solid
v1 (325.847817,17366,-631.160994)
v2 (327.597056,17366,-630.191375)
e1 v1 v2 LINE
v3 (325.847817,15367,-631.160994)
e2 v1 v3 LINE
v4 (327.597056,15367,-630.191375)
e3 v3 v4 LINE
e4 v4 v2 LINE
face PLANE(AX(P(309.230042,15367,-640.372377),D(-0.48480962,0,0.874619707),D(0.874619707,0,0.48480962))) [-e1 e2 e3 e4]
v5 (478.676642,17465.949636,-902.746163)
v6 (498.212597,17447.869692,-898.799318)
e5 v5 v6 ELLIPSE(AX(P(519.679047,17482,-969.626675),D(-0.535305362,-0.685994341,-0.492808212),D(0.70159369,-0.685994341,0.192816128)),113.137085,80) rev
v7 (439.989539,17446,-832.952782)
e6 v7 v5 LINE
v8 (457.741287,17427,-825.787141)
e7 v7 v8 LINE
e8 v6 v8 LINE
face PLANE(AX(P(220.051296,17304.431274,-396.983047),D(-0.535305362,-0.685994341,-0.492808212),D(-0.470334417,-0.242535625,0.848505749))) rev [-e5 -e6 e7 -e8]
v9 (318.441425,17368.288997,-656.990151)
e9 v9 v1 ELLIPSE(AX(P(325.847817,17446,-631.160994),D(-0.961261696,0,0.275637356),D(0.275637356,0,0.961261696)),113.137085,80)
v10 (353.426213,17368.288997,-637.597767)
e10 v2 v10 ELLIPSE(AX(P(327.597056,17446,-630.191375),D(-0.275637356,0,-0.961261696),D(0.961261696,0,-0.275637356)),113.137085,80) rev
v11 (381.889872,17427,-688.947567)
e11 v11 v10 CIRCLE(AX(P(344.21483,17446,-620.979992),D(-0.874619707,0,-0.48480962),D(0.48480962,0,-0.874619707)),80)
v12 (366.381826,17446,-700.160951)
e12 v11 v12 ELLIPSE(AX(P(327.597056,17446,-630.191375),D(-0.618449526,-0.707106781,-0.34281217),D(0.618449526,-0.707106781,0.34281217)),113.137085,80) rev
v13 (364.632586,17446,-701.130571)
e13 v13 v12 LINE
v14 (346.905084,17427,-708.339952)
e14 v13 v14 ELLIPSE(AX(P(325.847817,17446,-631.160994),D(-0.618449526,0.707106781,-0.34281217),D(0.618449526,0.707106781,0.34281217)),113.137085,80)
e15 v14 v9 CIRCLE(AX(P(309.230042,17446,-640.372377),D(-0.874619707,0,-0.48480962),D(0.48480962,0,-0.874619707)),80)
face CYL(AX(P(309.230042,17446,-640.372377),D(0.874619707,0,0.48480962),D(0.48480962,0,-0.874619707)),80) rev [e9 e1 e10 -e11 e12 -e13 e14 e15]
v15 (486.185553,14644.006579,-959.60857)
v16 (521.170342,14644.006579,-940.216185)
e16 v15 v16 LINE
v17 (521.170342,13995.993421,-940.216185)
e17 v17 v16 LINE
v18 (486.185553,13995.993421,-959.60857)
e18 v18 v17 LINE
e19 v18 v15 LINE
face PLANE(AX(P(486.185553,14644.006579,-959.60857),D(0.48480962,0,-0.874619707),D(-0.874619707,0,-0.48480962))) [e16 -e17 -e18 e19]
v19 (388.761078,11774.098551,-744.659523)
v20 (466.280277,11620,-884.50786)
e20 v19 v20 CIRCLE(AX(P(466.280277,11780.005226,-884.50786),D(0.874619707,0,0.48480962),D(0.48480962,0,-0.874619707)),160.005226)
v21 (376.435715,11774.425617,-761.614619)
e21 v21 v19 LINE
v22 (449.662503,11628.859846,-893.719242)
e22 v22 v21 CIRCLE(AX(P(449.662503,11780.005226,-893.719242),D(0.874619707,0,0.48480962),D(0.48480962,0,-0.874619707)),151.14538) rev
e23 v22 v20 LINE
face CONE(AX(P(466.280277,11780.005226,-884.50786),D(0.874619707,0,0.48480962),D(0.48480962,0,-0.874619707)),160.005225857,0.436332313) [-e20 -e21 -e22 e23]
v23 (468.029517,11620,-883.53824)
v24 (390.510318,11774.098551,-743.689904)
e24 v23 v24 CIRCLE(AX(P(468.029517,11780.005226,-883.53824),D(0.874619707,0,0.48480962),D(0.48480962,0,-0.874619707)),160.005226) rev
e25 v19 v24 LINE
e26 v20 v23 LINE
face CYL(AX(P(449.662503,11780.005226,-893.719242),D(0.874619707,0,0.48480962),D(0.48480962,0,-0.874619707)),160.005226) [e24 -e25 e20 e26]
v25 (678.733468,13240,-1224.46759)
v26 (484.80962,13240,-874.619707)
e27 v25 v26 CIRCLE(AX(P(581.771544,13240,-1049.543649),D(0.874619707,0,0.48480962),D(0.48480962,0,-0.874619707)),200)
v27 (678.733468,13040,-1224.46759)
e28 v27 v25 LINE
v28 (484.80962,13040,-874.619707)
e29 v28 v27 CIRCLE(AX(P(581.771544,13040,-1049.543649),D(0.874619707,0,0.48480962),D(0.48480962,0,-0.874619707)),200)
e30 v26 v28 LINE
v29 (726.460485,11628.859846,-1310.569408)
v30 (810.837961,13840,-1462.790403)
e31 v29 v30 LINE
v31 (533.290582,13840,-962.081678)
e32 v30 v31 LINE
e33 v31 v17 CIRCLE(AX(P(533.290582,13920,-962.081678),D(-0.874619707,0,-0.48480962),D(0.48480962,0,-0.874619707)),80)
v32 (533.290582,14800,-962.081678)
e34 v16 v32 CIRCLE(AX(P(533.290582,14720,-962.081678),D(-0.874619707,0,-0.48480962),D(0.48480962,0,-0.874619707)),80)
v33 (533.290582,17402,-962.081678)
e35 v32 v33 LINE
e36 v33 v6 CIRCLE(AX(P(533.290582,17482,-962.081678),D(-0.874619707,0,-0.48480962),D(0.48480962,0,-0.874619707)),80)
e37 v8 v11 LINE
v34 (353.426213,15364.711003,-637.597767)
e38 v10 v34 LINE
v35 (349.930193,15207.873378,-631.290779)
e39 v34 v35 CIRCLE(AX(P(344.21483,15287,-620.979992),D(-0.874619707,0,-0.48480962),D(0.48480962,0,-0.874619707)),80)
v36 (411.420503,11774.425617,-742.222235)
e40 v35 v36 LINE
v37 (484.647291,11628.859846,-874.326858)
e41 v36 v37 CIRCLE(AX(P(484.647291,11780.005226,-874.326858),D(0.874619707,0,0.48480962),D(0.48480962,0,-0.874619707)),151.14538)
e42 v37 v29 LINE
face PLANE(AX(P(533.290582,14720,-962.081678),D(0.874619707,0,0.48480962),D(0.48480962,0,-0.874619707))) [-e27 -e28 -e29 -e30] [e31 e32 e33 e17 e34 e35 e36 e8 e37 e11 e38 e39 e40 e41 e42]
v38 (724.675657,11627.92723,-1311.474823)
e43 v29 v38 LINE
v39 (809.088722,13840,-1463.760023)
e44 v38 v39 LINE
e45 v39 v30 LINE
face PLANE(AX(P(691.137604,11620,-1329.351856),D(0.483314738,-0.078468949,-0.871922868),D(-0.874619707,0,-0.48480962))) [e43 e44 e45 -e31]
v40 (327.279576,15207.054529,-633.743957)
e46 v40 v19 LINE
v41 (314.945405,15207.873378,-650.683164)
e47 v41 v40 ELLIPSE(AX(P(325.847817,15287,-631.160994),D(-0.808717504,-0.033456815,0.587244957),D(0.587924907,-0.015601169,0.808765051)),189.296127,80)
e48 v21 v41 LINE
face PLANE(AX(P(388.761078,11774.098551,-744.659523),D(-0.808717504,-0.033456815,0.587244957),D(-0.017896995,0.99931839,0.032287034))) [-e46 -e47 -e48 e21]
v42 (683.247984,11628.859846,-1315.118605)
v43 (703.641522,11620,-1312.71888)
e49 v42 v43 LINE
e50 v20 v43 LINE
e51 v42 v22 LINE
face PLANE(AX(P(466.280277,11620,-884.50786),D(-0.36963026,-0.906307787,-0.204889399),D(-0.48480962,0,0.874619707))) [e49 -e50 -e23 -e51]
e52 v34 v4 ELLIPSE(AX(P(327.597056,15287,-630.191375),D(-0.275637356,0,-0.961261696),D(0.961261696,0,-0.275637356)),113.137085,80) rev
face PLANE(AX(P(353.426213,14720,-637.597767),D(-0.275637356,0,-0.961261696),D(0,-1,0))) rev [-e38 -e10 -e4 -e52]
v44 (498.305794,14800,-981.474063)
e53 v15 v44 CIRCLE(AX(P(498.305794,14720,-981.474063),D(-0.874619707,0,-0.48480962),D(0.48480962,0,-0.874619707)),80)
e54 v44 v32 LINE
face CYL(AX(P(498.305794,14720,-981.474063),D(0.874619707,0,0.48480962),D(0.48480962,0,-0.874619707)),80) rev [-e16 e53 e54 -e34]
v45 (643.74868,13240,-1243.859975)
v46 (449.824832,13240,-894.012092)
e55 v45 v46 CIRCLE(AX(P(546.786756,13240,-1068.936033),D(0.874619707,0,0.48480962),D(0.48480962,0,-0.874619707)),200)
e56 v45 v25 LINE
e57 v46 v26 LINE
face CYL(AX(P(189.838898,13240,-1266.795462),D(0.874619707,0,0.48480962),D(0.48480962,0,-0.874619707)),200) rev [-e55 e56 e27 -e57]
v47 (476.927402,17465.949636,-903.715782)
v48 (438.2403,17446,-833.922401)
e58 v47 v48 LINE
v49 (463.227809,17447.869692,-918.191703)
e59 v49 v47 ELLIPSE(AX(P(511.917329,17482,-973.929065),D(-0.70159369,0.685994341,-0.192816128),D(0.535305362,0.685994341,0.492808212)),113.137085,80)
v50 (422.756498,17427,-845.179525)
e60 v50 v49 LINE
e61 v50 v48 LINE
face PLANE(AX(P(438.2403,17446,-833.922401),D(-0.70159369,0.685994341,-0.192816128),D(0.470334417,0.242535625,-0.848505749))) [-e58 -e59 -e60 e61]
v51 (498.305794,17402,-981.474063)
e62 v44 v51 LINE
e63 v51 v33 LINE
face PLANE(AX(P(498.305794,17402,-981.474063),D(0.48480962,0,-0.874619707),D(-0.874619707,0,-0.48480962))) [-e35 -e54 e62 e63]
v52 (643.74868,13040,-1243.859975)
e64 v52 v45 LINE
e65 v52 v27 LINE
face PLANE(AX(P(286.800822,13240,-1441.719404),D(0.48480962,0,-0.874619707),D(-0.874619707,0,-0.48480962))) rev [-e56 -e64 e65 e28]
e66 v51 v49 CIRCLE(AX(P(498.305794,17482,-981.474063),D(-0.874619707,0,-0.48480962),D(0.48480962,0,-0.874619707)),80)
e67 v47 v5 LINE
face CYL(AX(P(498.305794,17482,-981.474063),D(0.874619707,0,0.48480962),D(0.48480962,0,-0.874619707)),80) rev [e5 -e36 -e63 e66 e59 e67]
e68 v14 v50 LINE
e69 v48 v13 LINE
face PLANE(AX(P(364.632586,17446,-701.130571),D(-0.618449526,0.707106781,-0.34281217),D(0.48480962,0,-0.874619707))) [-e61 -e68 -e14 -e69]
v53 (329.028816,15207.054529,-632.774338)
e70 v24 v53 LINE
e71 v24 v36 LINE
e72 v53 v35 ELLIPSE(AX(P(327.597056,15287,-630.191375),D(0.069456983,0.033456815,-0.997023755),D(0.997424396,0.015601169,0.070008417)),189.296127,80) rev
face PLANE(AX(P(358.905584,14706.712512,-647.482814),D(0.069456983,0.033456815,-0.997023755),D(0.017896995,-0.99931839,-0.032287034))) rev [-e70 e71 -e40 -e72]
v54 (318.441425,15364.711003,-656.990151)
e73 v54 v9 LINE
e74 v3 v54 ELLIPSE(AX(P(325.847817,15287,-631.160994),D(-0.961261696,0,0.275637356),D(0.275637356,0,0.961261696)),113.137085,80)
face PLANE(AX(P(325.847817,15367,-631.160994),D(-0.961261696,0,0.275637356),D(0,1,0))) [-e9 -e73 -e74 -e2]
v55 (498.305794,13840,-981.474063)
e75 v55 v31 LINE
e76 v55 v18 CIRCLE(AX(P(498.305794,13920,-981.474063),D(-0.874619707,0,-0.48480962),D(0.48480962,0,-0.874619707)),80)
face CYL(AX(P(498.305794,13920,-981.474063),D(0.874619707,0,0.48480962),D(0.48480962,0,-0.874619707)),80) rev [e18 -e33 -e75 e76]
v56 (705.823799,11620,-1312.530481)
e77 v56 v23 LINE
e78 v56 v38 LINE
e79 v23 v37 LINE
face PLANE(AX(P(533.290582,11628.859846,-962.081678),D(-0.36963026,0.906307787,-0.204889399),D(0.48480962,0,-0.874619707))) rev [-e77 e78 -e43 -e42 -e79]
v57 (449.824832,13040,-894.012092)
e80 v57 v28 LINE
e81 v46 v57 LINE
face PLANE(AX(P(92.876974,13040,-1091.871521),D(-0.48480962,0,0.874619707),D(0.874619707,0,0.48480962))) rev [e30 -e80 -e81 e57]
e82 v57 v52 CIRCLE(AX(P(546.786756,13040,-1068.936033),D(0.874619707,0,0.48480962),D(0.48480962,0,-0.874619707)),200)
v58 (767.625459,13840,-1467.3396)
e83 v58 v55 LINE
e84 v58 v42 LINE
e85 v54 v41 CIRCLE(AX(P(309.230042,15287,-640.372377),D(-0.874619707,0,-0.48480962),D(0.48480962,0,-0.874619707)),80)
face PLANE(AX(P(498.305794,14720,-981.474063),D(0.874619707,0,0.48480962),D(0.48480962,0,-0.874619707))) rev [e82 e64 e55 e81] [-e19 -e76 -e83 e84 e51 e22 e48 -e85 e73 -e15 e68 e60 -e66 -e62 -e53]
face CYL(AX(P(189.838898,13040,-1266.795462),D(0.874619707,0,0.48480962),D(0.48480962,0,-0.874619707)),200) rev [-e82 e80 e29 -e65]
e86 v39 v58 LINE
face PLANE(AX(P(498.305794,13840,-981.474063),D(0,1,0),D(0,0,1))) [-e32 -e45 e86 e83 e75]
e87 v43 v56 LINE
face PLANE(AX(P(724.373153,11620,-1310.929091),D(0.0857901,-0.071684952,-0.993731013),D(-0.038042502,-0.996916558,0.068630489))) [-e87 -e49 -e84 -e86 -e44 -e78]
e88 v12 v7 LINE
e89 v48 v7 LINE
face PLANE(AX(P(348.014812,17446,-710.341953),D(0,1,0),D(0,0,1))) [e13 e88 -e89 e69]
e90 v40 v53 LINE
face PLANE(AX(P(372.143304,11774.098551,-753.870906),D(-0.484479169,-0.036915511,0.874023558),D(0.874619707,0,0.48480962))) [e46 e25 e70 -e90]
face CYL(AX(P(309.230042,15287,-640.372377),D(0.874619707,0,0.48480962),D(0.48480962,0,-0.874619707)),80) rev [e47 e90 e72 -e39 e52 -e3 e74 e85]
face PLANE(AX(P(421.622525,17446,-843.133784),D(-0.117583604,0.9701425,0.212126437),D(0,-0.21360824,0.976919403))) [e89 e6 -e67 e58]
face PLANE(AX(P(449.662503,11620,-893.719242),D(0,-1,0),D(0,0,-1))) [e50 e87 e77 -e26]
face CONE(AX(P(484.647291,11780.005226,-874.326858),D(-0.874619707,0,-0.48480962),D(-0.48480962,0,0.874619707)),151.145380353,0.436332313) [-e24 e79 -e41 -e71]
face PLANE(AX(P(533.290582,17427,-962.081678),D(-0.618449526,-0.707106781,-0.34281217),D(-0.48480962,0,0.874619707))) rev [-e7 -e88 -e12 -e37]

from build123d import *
from OCP.BRepFilletAPI import BRepFilletAPI_MakeChamfer

# Parameters (mm, degrees)
EXTRUDE1_DEPTH     = 40
CUT_EXTRUDE2_DEPTH = 17548.470493518
FASE1_SIZE         = 19
FASE1_SIZE2        = 8.859845505
FASE2_SIZE         = 19
FASE3_SIZE         = 38
FASE3_SIZE2        = 16.918690042


with BuildPart() as part:
    # Sketch2 → Extrude1 (new body)
    with BuildSketch(Plane(origin=(0, 0, 0), x_dir=(0.48480962024633806, 0, -0.8746197071393953), z_dir=(0.8746197071393953, 0, 0.48480962024633806))):
        with BuildLine():
            Line((1075, 14644.006579232), (1075, 13995.993420768))
            ThreePointArc((1075, 13995.993420768), (1021.007995147, 13907.340490954), (1100, 13840))
            Line((1100, 13840), (1672.487358177, 13840))
            Line((1672.487358177, 13840), (1497.747490562, 11620))
            Line((1497.747490562, 11620), (999.665169331, 11620))
            ThreePointArc((999.665169331, 11620), (888.632351027, 11664.79504592), (839.7690046, 11774.09855115))
            Line((839.7690046, 11774.09855115), (712.953240896, 15207.054528782))
            ThreePointArc((712.953240896, 15207.054528782), (789.986366643, 15288.476872132), (710, 15367))
            Line((710, 15367), (710, 17366))
            ThreePointArc((710, 17366), (766.568542495, 17389.431457505), (790, 17446))
            Line((790, 17446), (941.828079556, 17446))
            Line((941.828079556, 17446), (1021.626625497, 17465.949636485))
            ThreePointArc((1021.626625497, 17465.949636485), (1049.423469283, 17420.016013837), (1100, 17402))
            Line((1100, 17402), (1100, 14800))
            ThreePointArc((1100, 14800), (1021.007995147, 14732.659509046), (1075, 14644.006579232))
        make_face()
    extrude(amount=-EXTRUDE1_DEPTH)

    # Sketch4 → Cut-Extrude2 (cut, through all)
    with BuildSketch(Plane(origin=(0, 0, 0), x_dir=(0.48480962024633806, 0, -0.8746197071393953), z_dir=(0.8746197071393953, 0, 0.48480962024633806))):
        with BuildLine():
            Line((1400, 13240), (1400, 13040))
            ThreePointArc((1400, 13040), (1200, 12840), (1000, 13040))
            Line((1000, 13040), (1000, 13240))
            ThreePointArc((1000, 13240), (1200, 13440), (1400, 13240))
        make_face()
    extrude(amount=-CUT_EXTRUDE2_DEPTH, mode=Mode.SUBTRACT)

    # Fase1: one chamfer whose edges measure the first distance from different faces: ONE call of the kernel's chamfer builder (chamfer() names one face for all edges)
    fase1_edges_1 = [part.edges().sort_by_distance(p)[0] for p in [
        (605.384841621, 11620, -1092.143164601),
        (570.400053335, 11620, -1111.535549411),
    ]]
    fase1_side_1 = [part.faces().sort_by_distance(p)[0] for p in [
        (587.892447478, 11620, -1101.839357006),
    ]]
    fase1_edges_2 = [part.edges().sort_by_distance(p)[0] for p in [
        (430.81751264, 11664.79504592, -777.21536661),
        (395.832724354, 11664.79504592, -796.60775142),
    ]]
    fase1_side_2 = [part.faces().sort_by_distance(p)[0] for p in [
        (413.325118497, 11664.79504592, -786.911559015),
    ]]
    fase1_edges_3 = [part.edges().sort_by_distance(p)[0] for p in [
        (376.387341094, 13490.576539966, -679.020737812),
        (341.402552808, 13490.576539966, -698.413122622),
    ]]
    fase1_side_3 = [part.faces().sort_by_distance(p)[0] for p in [
        (358.894946951, 13490.576539966, -688.716930217),
    ]]
    fase1 = BRepFilletAPI_MakeChamfer(part.part.solid().wrapped)
    for e in fase1_edges_1:
        fase1.Add(FASE1_SIZE, FASE1_SIZE2, e.wrapped, fase1_side_1[0].wrapped)  # the first distance lies on this face
    for e in fase1_edges_2:
        fase1.Add(FASE1_SIZE, FASE1_SIZE2, e.wrapped, fase1_side_2[0].wrapped)  # the first distance lies on this face
    for e in fase1_edges_3:
        fase1.Add(FASE1_SIZE, FASE1_SIZE2, e.wrapped, fase1_side_3[0].wrapped)  # the first distance lies on this face
    add(Compound.cast(fase1.Shape()), mode=Mode.REPLACE)

    # Fase2
    fase2_edges = [part.edges().sort_by_distance(p)[0] for p in [
        (440.966076678, 17455.974818243, -878.030474367),
        (384.818668505, 17446, -776.737868688),
        (344.214830375, 16366.5, -620.979992069),
        (419.803456791, 17446, -757.345483879),
        (475.950864964, 17455.974818243, -858.638089557),
        (309.230042089, 16366.5, -640.372376879),
    ]]
    chamfer(fase2_edges, length=FASE2_SIZE)

    # Fase3
    fase3_edges = [part.edges().sort_by_distance(p)[0] for p in [
        (733.664434857, 12734.429922752, -1406.072290412),
    ]]
    fase3_side = [part.faces().sort_by_distance(p)[0] for p in [
        (751.068018003, 12732.102600682, -1396.215878727),
    ]]
    chamfer(fase3_edges, length=FASE3_SIZE, length2=FASE3_SIZE2, reference=fase3_side[0])


solid = part.part
